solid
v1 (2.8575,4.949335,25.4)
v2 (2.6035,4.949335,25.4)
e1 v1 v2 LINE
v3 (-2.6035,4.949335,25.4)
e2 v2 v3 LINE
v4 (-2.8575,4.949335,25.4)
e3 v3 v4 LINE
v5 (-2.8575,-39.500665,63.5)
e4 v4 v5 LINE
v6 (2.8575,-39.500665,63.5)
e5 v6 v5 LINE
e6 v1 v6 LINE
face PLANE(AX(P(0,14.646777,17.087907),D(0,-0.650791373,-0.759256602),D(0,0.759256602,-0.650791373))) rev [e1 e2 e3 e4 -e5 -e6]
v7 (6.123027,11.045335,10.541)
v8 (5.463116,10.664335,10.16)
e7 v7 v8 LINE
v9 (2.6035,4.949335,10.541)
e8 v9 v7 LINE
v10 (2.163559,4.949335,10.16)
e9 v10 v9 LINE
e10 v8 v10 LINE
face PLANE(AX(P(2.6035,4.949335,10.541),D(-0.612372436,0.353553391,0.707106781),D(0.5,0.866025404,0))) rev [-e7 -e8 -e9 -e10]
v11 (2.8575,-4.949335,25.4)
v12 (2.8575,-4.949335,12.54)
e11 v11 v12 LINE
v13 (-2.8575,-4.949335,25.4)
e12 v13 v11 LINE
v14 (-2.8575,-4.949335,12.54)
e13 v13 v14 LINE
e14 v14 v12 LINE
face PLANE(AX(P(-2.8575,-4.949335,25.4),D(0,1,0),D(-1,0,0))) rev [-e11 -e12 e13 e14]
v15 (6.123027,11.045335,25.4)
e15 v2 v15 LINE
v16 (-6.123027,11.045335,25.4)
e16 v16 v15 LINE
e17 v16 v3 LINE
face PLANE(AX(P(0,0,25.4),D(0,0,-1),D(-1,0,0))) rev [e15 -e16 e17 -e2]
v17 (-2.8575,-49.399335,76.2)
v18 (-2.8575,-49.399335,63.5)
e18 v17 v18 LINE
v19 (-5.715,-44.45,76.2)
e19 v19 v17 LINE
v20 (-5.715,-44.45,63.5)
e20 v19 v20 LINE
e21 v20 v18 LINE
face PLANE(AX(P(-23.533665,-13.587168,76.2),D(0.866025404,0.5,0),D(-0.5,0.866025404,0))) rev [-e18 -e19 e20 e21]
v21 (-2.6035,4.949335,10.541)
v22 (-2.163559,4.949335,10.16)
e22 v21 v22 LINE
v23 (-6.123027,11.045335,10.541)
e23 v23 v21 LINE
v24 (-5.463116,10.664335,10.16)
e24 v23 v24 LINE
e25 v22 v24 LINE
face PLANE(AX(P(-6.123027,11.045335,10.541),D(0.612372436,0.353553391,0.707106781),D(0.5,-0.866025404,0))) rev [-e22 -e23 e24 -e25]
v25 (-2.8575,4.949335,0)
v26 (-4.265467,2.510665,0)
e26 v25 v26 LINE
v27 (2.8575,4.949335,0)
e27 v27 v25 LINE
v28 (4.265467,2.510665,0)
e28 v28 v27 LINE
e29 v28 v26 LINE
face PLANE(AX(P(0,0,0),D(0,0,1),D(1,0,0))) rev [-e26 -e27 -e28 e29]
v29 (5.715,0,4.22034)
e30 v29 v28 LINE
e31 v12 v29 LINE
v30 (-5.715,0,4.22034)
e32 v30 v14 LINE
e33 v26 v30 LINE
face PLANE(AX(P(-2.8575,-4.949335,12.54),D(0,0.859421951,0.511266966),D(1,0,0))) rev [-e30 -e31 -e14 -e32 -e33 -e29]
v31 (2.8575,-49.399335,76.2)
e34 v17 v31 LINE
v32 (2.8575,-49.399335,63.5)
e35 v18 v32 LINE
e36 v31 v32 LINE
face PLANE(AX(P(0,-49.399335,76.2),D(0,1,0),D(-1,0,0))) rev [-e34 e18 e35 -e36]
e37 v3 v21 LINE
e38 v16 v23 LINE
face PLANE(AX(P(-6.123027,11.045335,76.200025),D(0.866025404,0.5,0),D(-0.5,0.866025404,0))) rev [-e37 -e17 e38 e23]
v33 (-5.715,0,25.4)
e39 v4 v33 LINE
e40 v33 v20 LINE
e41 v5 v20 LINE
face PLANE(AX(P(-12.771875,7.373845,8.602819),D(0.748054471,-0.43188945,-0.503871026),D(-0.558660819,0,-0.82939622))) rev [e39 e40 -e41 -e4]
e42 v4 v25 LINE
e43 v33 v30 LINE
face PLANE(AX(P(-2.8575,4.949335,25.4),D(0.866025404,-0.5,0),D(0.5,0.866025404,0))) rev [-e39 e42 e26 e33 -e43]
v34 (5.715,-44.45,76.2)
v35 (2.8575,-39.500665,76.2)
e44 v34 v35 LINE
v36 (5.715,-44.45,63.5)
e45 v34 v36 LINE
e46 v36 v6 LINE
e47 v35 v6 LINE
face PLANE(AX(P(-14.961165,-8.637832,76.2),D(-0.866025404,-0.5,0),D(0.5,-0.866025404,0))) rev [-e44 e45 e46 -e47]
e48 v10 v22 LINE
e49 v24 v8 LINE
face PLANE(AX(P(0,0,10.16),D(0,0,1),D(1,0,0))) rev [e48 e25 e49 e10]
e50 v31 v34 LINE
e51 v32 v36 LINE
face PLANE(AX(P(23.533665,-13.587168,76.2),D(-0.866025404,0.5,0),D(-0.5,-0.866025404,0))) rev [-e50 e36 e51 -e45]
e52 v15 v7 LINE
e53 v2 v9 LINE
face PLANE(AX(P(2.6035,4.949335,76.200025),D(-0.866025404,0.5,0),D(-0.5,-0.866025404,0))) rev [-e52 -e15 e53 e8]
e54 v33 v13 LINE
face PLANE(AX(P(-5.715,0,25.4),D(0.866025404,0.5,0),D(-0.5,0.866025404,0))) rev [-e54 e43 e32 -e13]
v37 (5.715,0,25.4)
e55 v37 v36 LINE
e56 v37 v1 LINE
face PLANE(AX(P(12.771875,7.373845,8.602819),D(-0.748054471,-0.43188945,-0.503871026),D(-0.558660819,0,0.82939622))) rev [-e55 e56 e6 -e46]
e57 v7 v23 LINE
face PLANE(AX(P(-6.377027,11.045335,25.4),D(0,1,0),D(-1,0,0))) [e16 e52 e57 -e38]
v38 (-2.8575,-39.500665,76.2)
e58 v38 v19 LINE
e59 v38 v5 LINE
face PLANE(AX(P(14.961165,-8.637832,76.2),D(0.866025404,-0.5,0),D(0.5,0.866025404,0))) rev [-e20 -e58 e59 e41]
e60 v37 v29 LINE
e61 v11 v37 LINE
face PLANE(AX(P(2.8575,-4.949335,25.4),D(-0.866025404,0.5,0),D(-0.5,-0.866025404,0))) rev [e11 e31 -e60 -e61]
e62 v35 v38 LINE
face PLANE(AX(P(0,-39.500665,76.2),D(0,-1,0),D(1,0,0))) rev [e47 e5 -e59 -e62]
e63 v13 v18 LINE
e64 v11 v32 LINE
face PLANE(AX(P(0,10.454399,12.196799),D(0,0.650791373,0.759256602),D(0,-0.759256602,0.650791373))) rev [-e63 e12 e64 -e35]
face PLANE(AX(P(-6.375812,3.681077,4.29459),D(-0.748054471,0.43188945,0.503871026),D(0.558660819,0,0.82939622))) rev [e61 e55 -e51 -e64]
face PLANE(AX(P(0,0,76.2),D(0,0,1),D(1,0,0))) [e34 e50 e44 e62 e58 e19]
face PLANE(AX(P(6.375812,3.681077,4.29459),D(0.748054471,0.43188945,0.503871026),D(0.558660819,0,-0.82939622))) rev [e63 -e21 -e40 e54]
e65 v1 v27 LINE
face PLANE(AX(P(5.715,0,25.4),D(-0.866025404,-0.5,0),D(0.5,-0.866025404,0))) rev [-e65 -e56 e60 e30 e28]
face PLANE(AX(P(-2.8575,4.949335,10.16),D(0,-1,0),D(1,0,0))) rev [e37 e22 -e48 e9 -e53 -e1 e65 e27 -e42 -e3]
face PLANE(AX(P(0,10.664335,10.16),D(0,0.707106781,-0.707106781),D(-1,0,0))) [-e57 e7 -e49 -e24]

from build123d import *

# Parameters (mm, degrees)
BOSS_EXTRUDE1_DEPTH = 25.4
BOSS_EXTRUDE2_DEPTH = 12.7
BOSS_EXTRUDE3_DEPTH = 25.4
CHAMFER1_SIZE       = 7.46
CHAMFER1_SIZE2      = 12.54
CUT_EXTRUDE1_DEPTH  = 10.16
CUT_EXTRUDE3_DEPTH  = 83.717848151
CHAMFER7_SIZE       = 0.381


with BuildPart() as part:
    # Sketch1 → Boss-Extrude1 (new body)
    with BuildSketch(Plane.XY):
        Polygon((5.715, 0), (2.8575, 4.949335183), (-2.8575, 4.949335183), (-5.715, 0), (-2.8575, -4.949335183), (2.8575, -4.949335183), align=None)
    extrude(amount=BOSS_EXTRUDE1_DEPTH)



with BuildPart() as body_2:
    # Sketch2 → Boss-Extrude2 (new body)
    with BuildSketch(Plane.XY.offset(63.5)):
        Polygon((-2.8575, -49.399335183), (2.8575, -49.399335183), (5.715, -44.45), (2.8575, -39.500664817), (-2.8575, -39.500664817), (-5.715, -44.45), align=None)
    extrude(amount=BOSS_EXTRUDE2_DEPTH)


with BuildPart() as part_1:
    add(part.part)

    add(body_2.part)  # loft1 joins it to this body
    # loft from a face of the part (loft1)
    loft([part_1.faces().sort_by_distance((0, 0, 25.4))[0], part_1.faces().sort_by_distance((0, -44.45, 63.5))[0]])

    # Sketch4 → Boss-Extrude3 (add)
    with BuildSketch(Plane(origin=(0, 0, 0), x_dir=(-1, 0, 0), z_dir=(0, 0, -1))):
        Polygon((2.8575, 4.949335183), (6.377027241, 11.045335183), (-6.377027241, 11.045335183), (-2.8575, 4.949335183), align=None)
    extrude(amount=-BOSS_EXTRUDE3_DEPTH)

    # Chamfer1
    chamfer1_edges = [part_1.edges().sort_by_distance(p)[0] for p in [
        (0, -4.949335183, 0),
    ]]
    chamfer1_side = [part_1.faces().sort_by_distance(p)[0] for p in [
        (0, 3.343943544, 0),
    ]]
    chamfer(chamfer1_edges, length=CHAMFER1_SIZE, length2=CHAMFER1_SIZE2, reference=chamfer1_side[0])

    # Sketch8 → Cut-Extrude1 (cut)
    with BuildSketch(Plane(origin=(0, 0, 0), x_dir=(-1, 0, 0), z_dir=(0, 0, -1))):
        Polygon((-6.377027241, 11.045335183), (6.377027241, 11.045335183), (2.8575, 4.949335183), (-2.8575, 4.949335183), align=None)
    extrude(amount=-CUT_EXTRUDE1_DEPTH, mode=Mode.SUBTRACT)

    # Sketch9 → Cut-Extrude3 (cut, through all)
    with BuildSketch(Plane(origin=(0, 0, 10.16), x_dir=(-1, 0, 0), z_dir=(0, 0, -1))):
        Polygon((6.123027241, 11.045335183), (2.6035, 4.949335183), (2.8575, 4.949335183), (6.377027241, 11.045335183), align=None)
        Polygon((-2.6035, 4.949335183), (-6.123027241, 11.045335183), (-6.377027241, 11.045335183), (-2.8575, 4.949335183), align=None)
    extrude(amount=-CUT_EXTRUDE3_DEPTH, mode=Mode.SUBTRACT)

    # Chamfer7
    chamfer7_edges = [part_1.edges().sort_by_distance(p)[0] for p in [
        (4.36326362, 7.997335183, 10.16),
        (-4.36326362, 7.997335183, 10.16),
        (0, 11.045335183, 10.16),
    ]]
    chamfer(chamfer7_edges, length=CHAMFER7_SIZE)


solid = part_1.part
